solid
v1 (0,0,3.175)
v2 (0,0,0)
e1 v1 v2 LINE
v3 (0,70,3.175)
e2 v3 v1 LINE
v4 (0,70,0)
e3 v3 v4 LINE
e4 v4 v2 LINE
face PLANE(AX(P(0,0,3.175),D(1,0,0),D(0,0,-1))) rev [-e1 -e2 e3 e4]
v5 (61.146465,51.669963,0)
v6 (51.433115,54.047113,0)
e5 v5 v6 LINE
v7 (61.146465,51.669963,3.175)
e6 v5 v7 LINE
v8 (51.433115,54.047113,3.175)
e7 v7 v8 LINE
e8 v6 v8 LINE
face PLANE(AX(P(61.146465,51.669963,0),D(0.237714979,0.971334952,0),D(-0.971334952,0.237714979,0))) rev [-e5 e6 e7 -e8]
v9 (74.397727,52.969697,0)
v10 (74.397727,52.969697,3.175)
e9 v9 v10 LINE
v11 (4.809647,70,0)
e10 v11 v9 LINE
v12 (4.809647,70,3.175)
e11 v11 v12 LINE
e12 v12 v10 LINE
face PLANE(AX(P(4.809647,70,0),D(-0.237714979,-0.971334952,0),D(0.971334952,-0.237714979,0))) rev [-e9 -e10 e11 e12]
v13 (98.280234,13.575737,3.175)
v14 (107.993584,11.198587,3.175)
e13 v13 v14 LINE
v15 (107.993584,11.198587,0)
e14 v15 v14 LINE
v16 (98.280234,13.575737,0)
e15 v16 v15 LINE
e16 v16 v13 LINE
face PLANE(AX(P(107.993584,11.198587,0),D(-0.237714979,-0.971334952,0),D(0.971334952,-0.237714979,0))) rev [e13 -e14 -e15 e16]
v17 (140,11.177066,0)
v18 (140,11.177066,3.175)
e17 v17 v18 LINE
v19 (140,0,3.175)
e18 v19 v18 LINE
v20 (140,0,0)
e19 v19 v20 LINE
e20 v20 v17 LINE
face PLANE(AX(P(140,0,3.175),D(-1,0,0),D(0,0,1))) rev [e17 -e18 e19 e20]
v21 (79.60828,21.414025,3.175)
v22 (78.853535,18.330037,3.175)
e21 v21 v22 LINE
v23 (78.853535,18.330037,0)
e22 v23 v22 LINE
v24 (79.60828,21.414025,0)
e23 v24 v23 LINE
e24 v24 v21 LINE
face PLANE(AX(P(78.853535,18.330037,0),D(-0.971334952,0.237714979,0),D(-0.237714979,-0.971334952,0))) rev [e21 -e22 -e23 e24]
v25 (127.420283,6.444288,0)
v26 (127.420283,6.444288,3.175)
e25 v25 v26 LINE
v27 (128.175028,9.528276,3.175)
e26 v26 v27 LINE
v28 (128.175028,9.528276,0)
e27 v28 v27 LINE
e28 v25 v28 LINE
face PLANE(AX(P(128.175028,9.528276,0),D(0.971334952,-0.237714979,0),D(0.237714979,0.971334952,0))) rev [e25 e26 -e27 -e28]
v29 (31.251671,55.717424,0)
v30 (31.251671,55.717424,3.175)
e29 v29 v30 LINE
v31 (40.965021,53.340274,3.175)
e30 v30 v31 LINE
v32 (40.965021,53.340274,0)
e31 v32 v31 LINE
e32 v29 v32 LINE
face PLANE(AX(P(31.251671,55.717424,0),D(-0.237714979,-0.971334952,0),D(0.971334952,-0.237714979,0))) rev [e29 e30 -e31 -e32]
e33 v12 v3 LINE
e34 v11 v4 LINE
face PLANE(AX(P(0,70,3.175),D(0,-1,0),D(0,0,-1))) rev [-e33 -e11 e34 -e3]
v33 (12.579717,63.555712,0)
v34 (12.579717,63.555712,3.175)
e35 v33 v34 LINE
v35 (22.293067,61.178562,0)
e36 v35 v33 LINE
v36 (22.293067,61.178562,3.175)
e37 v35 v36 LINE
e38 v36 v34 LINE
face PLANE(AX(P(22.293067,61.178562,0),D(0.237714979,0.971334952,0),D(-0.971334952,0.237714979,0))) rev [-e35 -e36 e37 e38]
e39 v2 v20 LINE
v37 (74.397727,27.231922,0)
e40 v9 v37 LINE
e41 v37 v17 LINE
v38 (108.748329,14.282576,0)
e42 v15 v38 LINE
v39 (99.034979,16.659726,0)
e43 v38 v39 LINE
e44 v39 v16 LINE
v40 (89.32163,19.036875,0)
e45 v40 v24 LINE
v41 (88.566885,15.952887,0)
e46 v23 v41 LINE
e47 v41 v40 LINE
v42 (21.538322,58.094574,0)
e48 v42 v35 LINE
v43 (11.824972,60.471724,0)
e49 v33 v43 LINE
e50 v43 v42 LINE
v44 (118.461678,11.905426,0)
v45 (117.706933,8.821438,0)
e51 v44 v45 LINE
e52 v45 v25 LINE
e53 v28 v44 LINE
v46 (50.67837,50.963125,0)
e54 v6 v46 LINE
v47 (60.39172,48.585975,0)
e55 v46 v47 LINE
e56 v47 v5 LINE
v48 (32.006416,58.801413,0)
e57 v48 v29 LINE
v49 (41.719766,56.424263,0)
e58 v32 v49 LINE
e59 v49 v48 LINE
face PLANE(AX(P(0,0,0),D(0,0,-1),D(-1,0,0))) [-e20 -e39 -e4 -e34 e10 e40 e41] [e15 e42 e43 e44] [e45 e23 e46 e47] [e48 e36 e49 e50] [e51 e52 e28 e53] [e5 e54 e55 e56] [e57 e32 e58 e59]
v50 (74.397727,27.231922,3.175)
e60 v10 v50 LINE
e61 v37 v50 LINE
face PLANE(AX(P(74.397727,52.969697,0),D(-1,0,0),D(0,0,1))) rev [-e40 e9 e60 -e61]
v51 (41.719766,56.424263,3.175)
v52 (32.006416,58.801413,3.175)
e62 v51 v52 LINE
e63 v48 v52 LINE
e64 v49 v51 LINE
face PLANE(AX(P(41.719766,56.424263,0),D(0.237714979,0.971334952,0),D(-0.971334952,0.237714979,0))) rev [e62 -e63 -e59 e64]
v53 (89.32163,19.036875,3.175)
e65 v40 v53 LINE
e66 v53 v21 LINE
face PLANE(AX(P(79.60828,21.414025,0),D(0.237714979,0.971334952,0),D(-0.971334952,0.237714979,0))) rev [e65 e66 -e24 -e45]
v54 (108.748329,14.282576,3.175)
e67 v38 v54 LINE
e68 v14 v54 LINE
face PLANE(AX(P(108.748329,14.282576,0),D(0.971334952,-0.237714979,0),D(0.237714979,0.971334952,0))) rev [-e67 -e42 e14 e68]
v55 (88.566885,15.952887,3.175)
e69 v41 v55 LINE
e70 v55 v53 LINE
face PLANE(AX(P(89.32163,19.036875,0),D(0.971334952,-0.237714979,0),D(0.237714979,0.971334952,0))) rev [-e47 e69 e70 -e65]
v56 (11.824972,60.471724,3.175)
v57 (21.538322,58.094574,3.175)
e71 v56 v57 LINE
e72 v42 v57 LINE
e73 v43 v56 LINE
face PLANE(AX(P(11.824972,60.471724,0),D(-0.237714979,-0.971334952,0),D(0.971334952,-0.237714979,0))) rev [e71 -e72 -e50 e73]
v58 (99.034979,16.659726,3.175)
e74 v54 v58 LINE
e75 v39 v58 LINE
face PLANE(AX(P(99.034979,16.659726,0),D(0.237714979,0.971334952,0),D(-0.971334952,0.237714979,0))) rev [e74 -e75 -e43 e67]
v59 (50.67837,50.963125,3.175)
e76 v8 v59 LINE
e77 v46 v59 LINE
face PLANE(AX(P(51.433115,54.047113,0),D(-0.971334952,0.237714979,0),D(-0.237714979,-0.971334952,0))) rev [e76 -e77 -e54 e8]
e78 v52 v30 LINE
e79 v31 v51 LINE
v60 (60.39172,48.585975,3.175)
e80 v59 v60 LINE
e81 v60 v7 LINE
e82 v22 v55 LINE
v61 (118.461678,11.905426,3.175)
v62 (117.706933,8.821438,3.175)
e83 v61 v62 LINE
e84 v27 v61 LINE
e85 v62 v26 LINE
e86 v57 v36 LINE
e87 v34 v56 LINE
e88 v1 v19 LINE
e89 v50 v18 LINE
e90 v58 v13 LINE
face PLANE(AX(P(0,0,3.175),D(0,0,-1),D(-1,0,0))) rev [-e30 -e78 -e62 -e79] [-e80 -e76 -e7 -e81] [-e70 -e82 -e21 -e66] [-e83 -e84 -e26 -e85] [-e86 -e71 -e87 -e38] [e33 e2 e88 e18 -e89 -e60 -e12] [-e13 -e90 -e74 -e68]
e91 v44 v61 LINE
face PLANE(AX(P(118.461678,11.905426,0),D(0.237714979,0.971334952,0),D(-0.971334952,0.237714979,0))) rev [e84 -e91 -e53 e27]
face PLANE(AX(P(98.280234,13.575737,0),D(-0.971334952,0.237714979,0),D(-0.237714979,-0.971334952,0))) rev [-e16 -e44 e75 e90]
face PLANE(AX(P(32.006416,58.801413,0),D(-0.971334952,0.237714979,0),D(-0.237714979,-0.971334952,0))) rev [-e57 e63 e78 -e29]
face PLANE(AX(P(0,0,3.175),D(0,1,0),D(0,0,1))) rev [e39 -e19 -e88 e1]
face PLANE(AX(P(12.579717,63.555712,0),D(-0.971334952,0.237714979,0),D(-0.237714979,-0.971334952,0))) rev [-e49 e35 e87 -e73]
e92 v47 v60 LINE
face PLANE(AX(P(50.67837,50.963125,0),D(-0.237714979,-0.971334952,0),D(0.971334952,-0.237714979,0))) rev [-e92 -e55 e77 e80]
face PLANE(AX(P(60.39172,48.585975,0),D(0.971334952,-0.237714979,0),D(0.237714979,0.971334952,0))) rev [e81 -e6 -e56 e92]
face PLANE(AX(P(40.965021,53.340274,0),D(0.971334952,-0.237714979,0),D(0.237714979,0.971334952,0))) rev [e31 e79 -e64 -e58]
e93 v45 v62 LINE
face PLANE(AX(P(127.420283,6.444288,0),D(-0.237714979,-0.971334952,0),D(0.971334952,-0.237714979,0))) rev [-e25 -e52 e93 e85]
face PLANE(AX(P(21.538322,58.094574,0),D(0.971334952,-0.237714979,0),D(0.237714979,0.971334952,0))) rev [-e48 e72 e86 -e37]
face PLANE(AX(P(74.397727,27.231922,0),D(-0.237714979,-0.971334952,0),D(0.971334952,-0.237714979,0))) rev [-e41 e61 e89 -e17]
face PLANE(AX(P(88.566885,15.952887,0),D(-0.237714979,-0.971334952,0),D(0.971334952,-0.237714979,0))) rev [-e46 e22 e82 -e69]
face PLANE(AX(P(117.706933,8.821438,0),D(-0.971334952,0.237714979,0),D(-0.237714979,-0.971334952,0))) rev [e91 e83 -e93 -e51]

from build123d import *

# Parameters (mm, degrees)
SKETCH1_W           = 140
SKETCH1_H           = 70
BOSS_EXTRUDE1_DEPTH = 3.175
CUT_EXTRUDE1_DEPTH  = 4.175
CUT_EXTRUDE2_DEPTH  = 4.175


with BuildPart() as part:
    # Sketch1 → Boss-Extrude1 (new body)
    with BuildSketch(Plane.XY):
        with Locations((70, 35)):
            Rectangle(SKETCH1_W, SKETCH1_H)
    extrude(amount=BOSS_EXTRUDE1_DEPTH)

    # Sketch4 → Cut-Extrude1 (cut, through all)
    with BuildSketch(Plane.XY.offset(3.175)):
        Polygon((12.579717356, 63.555712168), (11.824972296, 60.471723696), (21.538321814, 58.094573903), (22.293066874, 61.178562375), align=None)
        Polygon((41.71976591, 56.424262788), (32.006416392, 58.801412581), (31.251671332, 55.71742411), (40.96502085, 53.340274316), align=None)
        Polygon((61.146464946, 51.669963201), (51.433115428, 54.047112995), (50.678370368, 50.963124523), (60.391719886, 48.585974729), align=None)
        Polygon((118.461678186, 11.905426097), (128.175027704, 9.528276304), (127.420282644, 6.444287832), (117.706933126, 8.821437625), align=None)
        Polygon((98.28023409, 13.575737212), (99.03497915, 16.659725684), (108.748328668, 14.28257589), (107.993583608, 11.198587419), align=None)
        Polygon((78.853535054, 18.330036799), (79.608280114, 21.414025271), (89.321629632, 19.036875477), (88.566884572, 15.952887005), align=None)
    extrude(amount=-CUT_EXTRUDE1_DEPTH, mode=Mode.SUBTRACT)

    # Sketch5 → Cut-Extrude2 (cut, through all)
    with BuildSketch(Plane.XY.offset(3.175)):
        Polygon((4.809647436, 70), (74.397727118, 52.969696608), (74.397727118, 27.23192206), (140, 11.177065891), (140, 70), align=None)
    extrude(amount=-CUT_EXTRUDE2_DEPTH, mode=Mode.SUBTRACT)


solid = part.part
